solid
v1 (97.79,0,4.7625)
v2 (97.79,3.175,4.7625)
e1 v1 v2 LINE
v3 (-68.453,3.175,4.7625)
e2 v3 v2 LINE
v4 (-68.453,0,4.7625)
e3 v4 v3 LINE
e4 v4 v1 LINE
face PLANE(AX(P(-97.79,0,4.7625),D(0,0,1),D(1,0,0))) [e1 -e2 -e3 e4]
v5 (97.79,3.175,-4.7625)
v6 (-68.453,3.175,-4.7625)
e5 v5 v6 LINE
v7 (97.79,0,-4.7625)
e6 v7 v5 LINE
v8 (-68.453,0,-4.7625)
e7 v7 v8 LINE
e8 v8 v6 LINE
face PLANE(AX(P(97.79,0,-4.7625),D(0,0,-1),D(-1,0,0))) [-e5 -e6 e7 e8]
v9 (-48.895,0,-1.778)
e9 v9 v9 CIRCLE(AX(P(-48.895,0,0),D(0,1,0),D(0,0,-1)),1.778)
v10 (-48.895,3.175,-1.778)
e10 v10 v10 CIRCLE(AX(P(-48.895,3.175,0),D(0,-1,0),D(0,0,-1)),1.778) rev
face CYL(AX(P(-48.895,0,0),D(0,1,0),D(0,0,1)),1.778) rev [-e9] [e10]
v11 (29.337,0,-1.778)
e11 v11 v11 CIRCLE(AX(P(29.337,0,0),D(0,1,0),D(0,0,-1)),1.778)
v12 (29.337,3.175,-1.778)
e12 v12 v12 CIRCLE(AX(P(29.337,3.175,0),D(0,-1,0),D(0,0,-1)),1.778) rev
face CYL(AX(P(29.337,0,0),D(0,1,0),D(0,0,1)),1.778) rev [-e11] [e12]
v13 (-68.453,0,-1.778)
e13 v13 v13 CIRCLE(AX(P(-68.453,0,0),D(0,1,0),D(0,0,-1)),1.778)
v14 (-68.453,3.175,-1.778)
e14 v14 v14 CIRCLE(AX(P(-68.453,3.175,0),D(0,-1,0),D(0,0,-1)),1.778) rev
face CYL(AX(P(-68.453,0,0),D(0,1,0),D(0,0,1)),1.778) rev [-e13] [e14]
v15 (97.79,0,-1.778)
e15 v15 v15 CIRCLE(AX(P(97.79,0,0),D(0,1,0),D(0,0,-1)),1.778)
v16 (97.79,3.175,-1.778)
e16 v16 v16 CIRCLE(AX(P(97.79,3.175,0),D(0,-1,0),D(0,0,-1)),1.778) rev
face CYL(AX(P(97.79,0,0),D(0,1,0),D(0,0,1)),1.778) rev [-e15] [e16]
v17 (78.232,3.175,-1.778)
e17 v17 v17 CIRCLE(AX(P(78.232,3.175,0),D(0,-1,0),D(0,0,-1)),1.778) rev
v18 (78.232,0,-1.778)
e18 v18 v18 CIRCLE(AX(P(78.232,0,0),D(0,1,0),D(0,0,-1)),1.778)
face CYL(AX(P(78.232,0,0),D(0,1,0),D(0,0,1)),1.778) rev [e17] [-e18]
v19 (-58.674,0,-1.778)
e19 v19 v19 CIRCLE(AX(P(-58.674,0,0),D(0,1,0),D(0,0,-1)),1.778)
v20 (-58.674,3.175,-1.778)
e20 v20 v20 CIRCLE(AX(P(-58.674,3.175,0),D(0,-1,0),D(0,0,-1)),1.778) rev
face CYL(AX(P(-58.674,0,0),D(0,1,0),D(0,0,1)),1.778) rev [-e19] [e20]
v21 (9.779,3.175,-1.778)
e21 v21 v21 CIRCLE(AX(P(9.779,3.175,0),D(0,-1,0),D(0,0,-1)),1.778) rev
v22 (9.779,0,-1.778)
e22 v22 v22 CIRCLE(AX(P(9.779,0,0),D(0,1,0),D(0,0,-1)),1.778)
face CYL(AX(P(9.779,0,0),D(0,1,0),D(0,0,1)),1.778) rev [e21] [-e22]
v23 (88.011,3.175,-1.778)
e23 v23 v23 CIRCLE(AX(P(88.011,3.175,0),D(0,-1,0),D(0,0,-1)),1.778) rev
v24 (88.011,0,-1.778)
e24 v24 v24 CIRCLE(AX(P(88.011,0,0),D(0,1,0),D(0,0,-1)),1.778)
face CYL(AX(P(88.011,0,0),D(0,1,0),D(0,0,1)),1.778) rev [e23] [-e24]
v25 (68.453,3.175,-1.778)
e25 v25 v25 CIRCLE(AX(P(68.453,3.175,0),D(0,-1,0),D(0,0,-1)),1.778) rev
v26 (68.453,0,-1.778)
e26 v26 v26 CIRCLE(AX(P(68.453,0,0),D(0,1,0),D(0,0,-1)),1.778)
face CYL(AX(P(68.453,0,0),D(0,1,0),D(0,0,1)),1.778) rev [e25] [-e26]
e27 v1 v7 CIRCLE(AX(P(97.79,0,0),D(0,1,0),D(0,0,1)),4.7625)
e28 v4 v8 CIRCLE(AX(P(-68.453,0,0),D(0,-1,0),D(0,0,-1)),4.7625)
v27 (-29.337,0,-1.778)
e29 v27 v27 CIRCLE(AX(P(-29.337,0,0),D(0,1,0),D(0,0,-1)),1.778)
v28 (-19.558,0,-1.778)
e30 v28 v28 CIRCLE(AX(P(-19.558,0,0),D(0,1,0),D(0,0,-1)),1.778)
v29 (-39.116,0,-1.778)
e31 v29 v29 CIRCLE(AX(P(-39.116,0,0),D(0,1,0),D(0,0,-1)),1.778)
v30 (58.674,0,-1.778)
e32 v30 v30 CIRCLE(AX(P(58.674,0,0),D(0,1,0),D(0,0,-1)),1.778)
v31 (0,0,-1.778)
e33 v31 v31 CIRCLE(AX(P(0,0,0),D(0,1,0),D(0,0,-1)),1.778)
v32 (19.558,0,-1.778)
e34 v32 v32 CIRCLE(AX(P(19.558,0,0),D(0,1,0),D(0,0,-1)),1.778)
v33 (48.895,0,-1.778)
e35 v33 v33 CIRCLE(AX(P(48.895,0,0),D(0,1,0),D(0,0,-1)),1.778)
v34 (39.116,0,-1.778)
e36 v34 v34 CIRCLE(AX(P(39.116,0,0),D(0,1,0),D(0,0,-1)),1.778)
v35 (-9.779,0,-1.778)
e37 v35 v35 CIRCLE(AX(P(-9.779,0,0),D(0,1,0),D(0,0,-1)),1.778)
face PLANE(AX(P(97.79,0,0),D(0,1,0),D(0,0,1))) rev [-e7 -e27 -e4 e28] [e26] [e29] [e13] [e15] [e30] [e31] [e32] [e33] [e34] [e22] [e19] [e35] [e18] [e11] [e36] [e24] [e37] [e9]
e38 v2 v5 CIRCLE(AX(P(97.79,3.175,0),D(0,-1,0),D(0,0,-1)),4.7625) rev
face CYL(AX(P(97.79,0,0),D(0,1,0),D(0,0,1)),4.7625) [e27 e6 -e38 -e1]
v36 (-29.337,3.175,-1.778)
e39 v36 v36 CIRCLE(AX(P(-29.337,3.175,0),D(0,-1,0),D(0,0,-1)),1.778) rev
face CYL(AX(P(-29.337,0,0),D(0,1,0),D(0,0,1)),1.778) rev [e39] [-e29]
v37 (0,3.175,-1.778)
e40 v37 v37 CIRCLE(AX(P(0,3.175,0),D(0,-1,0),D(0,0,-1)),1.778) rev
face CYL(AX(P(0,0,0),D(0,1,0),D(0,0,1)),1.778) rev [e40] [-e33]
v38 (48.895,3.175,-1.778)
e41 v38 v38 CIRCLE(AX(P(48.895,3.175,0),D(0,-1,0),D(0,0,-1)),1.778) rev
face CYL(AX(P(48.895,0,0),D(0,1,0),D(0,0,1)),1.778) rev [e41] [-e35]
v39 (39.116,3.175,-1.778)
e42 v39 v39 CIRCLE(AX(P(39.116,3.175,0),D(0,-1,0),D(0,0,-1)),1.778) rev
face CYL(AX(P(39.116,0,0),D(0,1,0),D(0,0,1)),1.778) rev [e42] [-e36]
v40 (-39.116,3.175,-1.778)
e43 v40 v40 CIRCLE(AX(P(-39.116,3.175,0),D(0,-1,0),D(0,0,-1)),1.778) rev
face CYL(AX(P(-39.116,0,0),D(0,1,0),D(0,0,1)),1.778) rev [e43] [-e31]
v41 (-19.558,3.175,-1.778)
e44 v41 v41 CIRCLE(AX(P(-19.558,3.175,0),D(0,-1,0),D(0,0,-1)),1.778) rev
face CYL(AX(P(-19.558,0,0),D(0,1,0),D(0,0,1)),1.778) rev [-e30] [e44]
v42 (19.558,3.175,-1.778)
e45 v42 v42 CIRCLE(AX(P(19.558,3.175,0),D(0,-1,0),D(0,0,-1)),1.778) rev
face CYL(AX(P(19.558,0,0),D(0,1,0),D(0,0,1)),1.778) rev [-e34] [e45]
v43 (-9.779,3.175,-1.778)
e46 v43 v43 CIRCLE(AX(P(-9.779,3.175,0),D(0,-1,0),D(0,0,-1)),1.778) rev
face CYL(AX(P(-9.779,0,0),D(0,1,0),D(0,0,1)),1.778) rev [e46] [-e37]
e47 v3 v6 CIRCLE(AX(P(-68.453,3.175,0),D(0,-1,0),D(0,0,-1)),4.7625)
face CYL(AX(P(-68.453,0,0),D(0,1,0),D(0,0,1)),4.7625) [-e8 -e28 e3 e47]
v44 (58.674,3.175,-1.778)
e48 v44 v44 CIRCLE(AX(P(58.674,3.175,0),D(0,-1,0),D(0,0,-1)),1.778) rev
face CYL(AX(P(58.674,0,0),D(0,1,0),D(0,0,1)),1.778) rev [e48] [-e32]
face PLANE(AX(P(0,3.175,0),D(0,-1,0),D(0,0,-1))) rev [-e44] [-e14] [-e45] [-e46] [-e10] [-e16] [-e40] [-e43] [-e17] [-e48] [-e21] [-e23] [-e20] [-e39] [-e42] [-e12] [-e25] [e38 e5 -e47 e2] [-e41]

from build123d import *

# Parameters (mm, degrees)
SKETCH1_R               = 1.778
BOSS_EXTRUDE1_DEPTH     = 6.35
CUT_EXTRUDE1_DEPTH      = 103.859220114
CUT_EXTRUDE1_DEPTH_BACK = 103.859220114
SKETCH3_W               = 243.845776737
SKETCH3_H               = 94.534413445
CUT_EXTRUDE2_DEPTH      = 3.175


with BuildPart() as part:
    # Sketch1 → Boss-Extrude1 (new body)
    with BuildSketch(Plane(origin=(0, 6.35, 0), x_dir=(1, 0, 0), z_dir=(0, 1, 0))):
        with BuildLine():
            Line((97.79, 4.7625), (-97.79, 4.7625))
            ThreePointArc((-97.79, 4.7625), (-102.5525, 0), (-97.79, -4.7625))
            Line((-97.79, -4.7625), (97.79, -4.7625))
            ThreePointArc((97.79, -4.7625), (102.5525, 0), (97.79, 4.7625))
        make_face()
        with Locations(Location((97.79, 0, 0), (0, 0, 90))):
            Circle(SKETCH1_R, mode=Mode.SUBTRACT)
        with Locations(Location((88.011, 0, 0), (0, 0, 90))):
            Circle(SKETCH1_R, mode=Mode.SUBTRACT)
        with Locations(Location((78.232, 0, 0), (0, 0, 90))):
            Circle(SKETCH1_R, mode=Mode.SUBTRACT)
        with Locations(Location((68.453, 0, 0), (0, 0, 90))):
            Circle(SKETCH1_R, mode=Mode.SUBTRACT)
        with Locations(Location((58.674, 0, 0), (0, 0, 90))):
            Circle(SKETCH1_R, mode=Mode.SUBTRACT)
        with Locations(Location((48.895, 0, 0), (0, 0, 90))):
            Circle(SKETCH1_R, mode=Mode.SUBTRACT)
        with Locations(Location((39.116, 0, 0), (0, 0, 90))):
            Circle(SKETCH1_R, mode=Mode.SUBTRACT)
        with Locations(Location((29.337, 0, 0), (0, 0, 90))):
            Circle(SKETCH1_R, mode=Mode.SUBTRACT)
        with Locations(Location((19.558, 0, 0), (0, 0, 90))):
            Circle(SKETCH1_R, mode=Mode.SUBTRACT)
        with Locations(Location((9.779, 0, 0), (0, 0, 90))):
            Circle(SKETCH1_R, mode=Mode.SUBTRACT)
        with Locations(Location((0, 0, 0), (0, 0, 90))):
            Circle(SKETCH1_R, mode=Mode.SUBTRACT)
        with Locations(Location((-9.779, 0, 0), (0, 0, 90))):
            Circle(SKETCH1_R, mode=Mode.SUBTRACT)
        with Locations(Location((-19.558, 0, 0), (0, 0, 90))):
            Circle(SKETCH1_R, mode=Mode.SUBTRACT)
        with Locations(Location((-29.337, 0, 0), (0, 0, 90))):
            Circle(SKETCH1_R, mode=Mode.SUBTRACT)
        with Locations(Location((-39.116, 0, 0), (0, 0, 90))):
            Circle(SKETCH1_R, mode=Mode.SUBTRACT)
        with Locations(Location((-48.895, 0, 0), (0, 0, 90))):
            Circle(SKETCH1_R, mode=Mode.SUBTRACT)
        with Locations(Location((-58.674, 0, 0), (0, 0, 90))):
            Circle(SKETCH1_R, mode=Mode.SUBTRACT)
        with Locations(Location((-68.453, 0, 0), (0, 0, 90))):
            Circle(SKETCH1_R, mode=Mode.SUBTRACT)
        with Locations(Location((-78.232, 0, 0), (0, 0, 90))):
            Circle(SKETCH1_R, mode=Mode.SUBTRACT)
        with Locations(Location((-88.011, 0, 0), (0, 0, 90))):
            Circle(SKETCH1_R, mode=Mode.SUBTRACT)
        with Locations(Location((-97.79, 0, 0), (0, 0, 90))):
            Circle(SKETCH1_R, mode=Mode.SUBTRACT)
    extrude(amount=-BOSS_EXTRUDE1_DEPTH)

    # Sketch2 → Cut-Extrude1 (cut, two sides: drawn at the far end of the back side and taken through both)
    with BuildSketch(Plane(origin=(0, 6.35, 0), x_dir=(1, 0, 0), z_dir=(0, 1, 0)).offset(-CUT_EXTRUDE1_DEPTH_BACK)):
        with BuildLine():
            Line((-68.453, -4.7625), (-109.387336875, -4.7625))
            Line((-109.387336875, -4.7625), (-109.387336875, 4.7625))
            Line((-109.387336875, 4.7625), (-68.453, 4.7625))
            ThreePointArc((-68.453, 4.7625), (-73.2155, 0), (-68.453, -4.7625))
        make_face()
    extrude(amount=CUT_EXTRUDE1_DEPTH + CUT_EXTRUDE1_DEPTH_BACK, mode=Mode.SUBTRACT)

    # Sketch3 → Cut-Extrude2 (cut)
    with BuildSketch(Plane(origin=(0, 6.35, 0), x_dir=(1, 0, 0), z_dir=(0, 1, 0))):
        with Locations((-6.250363069, -2.208747977)):
            Rectangle(SKETCH3_W, SKETCH3_H)
    extrude(amount=-CUT_EXTRUDE2_DEPTH, mode=Mode.SUBTRACT)


solid = part.part
